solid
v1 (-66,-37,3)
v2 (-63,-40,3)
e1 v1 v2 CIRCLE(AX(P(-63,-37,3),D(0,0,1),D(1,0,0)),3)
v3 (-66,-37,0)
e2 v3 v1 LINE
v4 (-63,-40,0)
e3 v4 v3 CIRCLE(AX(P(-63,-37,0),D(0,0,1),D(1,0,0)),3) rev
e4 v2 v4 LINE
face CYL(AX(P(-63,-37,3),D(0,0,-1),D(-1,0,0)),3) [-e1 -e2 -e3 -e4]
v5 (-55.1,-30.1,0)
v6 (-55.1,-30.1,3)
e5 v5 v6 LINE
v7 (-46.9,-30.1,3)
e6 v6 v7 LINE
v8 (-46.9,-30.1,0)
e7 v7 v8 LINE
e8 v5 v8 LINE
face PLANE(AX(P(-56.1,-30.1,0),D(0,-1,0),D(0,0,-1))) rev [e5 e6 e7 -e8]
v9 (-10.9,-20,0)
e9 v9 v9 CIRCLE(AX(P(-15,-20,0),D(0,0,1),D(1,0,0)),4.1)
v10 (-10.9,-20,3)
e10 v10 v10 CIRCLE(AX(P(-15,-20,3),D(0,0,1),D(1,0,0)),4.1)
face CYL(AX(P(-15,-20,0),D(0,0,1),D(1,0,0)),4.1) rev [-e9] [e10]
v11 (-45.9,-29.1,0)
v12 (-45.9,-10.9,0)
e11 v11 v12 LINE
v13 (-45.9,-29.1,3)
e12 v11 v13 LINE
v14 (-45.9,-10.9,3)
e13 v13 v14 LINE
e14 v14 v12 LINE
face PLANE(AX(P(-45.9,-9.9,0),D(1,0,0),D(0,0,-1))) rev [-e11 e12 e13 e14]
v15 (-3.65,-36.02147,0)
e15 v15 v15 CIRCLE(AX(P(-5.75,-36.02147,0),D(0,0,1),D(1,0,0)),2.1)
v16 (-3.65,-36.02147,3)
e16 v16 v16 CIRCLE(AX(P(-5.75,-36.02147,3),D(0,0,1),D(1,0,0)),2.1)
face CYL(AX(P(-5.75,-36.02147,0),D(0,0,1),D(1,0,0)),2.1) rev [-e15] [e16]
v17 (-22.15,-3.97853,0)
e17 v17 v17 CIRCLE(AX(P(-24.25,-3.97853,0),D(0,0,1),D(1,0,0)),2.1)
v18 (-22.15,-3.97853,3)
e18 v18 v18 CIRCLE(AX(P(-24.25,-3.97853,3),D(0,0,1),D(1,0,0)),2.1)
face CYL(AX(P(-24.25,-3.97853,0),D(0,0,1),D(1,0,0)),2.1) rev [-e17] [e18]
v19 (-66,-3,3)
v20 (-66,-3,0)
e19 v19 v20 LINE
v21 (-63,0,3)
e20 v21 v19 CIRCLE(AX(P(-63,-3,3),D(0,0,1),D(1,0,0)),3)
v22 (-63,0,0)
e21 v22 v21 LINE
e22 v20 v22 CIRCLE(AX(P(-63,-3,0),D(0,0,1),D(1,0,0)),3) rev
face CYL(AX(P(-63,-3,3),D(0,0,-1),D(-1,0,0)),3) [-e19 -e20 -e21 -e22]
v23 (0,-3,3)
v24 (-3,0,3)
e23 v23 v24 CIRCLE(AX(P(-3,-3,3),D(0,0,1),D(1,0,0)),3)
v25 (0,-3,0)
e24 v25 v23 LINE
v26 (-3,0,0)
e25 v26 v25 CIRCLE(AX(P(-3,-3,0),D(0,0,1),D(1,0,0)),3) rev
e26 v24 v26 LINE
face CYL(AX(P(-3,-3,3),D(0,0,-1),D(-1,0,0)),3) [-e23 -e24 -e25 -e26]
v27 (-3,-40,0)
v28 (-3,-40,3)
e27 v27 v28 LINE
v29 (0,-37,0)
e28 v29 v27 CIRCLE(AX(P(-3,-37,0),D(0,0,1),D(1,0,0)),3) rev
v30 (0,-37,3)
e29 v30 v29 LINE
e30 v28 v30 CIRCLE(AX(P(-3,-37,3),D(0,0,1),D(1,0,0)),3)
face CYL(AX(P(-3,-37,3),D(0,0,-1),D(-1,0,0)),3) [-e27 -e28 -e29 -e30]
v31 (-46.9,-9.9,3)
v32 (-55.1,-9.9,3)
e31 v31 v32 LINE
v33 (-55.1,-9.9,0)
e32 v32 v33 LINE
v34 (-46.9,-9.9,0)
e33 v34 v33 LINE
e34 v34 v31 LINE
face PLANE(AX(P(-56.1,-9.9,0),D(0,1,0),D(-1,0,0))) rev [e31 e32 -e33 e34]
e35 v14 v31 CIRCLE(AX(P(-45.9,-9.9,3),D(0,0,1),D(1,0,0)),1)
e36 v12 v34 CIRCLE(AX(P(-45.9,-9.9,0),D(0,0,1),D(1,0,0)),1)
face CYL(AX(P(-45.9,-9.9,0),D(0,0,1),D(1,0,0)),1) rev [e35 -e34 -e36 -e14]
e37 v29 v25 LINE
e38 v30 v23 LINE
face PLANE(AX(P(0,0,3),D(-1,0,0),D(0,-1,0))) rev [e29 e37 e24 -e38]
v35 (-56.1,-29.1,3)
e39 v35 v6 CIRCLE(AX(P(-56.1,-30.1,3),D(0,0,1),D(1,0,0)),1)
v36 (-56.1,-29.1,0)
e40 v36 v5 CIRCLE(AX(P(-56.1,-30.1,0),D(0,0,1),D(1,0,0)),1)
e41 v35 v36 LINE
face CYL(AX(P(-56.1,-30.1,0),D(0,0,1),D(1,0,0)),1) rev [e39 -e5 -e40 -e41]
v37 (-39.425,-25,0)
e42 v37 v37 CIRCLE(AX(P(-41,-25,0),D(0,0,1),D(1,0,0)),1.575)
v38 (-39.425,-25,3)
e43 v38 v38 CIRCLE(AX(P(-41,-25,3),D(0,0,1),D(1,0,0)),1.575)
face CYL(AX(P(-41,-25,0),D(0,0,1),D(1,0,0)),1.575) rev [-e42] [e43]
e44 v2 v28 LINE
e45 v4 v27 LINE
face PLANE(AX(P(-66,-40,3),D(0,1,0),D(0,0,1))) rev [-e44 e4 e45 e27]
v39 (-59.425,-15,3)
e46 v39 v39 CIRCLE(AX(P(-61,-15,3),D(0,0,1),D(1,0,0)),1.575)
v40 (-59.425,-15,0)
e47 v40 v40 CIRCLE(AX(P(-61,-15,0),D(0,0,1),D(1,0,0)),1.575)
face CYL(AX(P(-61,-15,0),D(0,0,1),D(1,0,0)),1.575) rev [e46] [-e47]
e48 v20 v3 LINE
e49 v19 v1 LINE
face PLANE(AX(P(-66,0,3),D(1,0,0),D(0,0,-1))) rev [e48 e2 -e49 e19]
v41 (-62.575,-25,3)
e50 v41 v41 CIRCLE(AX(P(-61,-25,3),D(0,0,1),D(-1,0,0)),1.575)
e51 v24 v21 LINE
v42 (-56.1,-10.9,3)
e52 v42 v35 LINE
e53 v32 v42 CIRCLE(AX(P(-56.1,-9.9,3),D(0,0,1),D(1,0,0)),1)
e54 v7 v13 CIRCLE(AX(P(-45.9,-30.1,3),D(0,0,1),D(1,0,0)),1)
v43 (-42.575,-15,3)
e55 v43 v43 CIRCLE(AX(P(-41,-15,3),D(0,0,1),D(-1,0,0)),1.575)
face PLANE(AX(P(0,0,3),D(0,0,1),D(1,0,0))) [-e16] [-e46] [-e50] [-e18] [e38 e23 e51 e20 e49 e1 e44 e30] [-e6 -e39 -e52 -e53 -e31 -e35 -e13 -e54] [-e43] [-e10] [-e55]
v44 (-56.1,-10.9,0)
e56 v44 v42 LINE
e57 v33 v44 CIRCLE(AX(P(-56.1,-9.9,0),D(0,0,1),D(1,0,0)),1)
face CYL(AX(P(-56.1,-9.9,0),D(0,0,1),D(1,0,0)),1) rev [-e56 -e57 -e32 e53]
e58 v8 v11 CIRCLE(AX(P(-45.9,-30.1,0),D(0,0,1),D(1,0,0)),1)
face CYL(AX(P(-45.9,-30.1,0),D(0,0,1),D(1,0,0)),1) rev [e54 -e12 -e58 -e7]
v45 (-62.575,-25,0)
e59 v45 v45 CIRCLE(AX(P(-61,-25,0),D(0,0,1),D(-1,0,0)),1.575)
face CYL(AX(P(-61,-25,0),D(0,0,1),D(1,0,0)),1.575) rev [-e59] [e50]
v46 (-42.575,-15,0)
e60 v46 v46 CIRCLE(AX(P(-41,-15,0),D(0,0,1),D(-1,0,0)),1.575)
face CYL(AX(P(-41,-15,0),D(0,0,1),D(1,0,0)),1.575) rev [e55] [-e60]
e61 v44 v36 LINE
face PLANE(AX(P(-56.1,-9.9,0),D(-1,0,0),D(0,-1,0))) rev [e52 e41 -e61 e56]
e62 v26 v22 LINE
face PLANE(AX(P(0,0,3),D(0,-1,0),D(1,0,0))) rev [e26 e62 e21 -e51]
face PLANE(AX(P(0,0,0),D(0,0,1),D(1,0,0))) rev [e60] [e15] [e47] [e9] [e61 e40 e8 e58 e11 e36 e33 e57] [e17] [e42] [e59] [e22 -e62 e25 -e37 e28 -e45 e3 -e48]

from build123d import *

# Parameters (mm, degrees)
SKETCH_1_W          = 66
SKETCH_1_H          = 40
EXTRUDE_1_DEPTH     = 3
SKETCH_2_R          = 1.575
SKETCH_2_R_2        = 4.1
SKETCH_2_R_3        = 2.1
SKETCH_2_W          = 10.2
SKETCH_2_H          = 20.2
CUT_EXTRUDE_1_DEPTH = 78.233412459
SKETCH_3_R          = 1
CUT_EXTRUDE_2_DEPTH = 78.233412459
FILLET_1_R          = 3


with BuildPart() as part:
    # 草图1 → 凸台-拉伸1 (new body)
    with BuildSketch(Plane.XY):
        with Locations((-33, -20)):
            Rectangle(SKETCH_1_W, SKETCH_1_H)
    extrude(amount=EXTRUDE_1_DEPTH)

    # 草图2 → 切除-拉伸1 (cut, through all)
    with BuildSketch(Plane.XY.offset(3)):
        with Locations((-61, -15)):
            Circle(SKETCH_2_R)
        with Locations(Location((-61, -25, 0), (0, 0, 180))):
            Circle(SKETCH_2_R)
        with Locations((-41, -25)):
            Circle(SKETCH_2_R)
        with Locations(Location((-41, -15, 0), (0, 0, 180))):
            Circle(SKETCH_2_R)
        with Locations((-15, -20)):
            Circle(SKETCH_2_R_2)
        with Locations((-24.25, -3.97853003)):
            Circle(SKETCH_2_R_3)
        with Locations((-5.75, -36.02146997)):
            Circle(SKETCH_2_R_3)
        with Locations((-51, -20)):
            Rectangle(SKETCH_2_W, SKETCH_2_H)
    extrude(amount=-CUT_EXTRUDE_1_DEPTH, mode=Mode.SUBTRACT)

    # 草图3 → 切除-拉伸2 (cut, through all)
    with BuildSketch(Plane.XY.offset(3)):
        with Locations((-45.9, -9.9)):
            Circle(SKETCH_3_R)
        with Locations((-45.9, -30.1)):
            Circle(SKETCH_3_R)
        with Locations((-56.1, -30.1)):
            Circle(SKETCH_3_R)
        with Locations((-56.1, -9.9)):
            Circle(SKETCH_3_R)
    extrude(amount=-CUT_EXTRUDE_2_DEPTH, mode=Mode.SUBTRACT)

    # 圆角1
    fillet_1_edges = [part.edges().sort_by_distance(p)[0] for p in [
        (0, -40, 1.5),
        (-66, -40, 1.5),
        (-66, 0, 1.5),
        (0, 0, 1.5),
    ]]
    fillet(fillet_1_edges, radius=FILLET_1_R)


solid = part.part
